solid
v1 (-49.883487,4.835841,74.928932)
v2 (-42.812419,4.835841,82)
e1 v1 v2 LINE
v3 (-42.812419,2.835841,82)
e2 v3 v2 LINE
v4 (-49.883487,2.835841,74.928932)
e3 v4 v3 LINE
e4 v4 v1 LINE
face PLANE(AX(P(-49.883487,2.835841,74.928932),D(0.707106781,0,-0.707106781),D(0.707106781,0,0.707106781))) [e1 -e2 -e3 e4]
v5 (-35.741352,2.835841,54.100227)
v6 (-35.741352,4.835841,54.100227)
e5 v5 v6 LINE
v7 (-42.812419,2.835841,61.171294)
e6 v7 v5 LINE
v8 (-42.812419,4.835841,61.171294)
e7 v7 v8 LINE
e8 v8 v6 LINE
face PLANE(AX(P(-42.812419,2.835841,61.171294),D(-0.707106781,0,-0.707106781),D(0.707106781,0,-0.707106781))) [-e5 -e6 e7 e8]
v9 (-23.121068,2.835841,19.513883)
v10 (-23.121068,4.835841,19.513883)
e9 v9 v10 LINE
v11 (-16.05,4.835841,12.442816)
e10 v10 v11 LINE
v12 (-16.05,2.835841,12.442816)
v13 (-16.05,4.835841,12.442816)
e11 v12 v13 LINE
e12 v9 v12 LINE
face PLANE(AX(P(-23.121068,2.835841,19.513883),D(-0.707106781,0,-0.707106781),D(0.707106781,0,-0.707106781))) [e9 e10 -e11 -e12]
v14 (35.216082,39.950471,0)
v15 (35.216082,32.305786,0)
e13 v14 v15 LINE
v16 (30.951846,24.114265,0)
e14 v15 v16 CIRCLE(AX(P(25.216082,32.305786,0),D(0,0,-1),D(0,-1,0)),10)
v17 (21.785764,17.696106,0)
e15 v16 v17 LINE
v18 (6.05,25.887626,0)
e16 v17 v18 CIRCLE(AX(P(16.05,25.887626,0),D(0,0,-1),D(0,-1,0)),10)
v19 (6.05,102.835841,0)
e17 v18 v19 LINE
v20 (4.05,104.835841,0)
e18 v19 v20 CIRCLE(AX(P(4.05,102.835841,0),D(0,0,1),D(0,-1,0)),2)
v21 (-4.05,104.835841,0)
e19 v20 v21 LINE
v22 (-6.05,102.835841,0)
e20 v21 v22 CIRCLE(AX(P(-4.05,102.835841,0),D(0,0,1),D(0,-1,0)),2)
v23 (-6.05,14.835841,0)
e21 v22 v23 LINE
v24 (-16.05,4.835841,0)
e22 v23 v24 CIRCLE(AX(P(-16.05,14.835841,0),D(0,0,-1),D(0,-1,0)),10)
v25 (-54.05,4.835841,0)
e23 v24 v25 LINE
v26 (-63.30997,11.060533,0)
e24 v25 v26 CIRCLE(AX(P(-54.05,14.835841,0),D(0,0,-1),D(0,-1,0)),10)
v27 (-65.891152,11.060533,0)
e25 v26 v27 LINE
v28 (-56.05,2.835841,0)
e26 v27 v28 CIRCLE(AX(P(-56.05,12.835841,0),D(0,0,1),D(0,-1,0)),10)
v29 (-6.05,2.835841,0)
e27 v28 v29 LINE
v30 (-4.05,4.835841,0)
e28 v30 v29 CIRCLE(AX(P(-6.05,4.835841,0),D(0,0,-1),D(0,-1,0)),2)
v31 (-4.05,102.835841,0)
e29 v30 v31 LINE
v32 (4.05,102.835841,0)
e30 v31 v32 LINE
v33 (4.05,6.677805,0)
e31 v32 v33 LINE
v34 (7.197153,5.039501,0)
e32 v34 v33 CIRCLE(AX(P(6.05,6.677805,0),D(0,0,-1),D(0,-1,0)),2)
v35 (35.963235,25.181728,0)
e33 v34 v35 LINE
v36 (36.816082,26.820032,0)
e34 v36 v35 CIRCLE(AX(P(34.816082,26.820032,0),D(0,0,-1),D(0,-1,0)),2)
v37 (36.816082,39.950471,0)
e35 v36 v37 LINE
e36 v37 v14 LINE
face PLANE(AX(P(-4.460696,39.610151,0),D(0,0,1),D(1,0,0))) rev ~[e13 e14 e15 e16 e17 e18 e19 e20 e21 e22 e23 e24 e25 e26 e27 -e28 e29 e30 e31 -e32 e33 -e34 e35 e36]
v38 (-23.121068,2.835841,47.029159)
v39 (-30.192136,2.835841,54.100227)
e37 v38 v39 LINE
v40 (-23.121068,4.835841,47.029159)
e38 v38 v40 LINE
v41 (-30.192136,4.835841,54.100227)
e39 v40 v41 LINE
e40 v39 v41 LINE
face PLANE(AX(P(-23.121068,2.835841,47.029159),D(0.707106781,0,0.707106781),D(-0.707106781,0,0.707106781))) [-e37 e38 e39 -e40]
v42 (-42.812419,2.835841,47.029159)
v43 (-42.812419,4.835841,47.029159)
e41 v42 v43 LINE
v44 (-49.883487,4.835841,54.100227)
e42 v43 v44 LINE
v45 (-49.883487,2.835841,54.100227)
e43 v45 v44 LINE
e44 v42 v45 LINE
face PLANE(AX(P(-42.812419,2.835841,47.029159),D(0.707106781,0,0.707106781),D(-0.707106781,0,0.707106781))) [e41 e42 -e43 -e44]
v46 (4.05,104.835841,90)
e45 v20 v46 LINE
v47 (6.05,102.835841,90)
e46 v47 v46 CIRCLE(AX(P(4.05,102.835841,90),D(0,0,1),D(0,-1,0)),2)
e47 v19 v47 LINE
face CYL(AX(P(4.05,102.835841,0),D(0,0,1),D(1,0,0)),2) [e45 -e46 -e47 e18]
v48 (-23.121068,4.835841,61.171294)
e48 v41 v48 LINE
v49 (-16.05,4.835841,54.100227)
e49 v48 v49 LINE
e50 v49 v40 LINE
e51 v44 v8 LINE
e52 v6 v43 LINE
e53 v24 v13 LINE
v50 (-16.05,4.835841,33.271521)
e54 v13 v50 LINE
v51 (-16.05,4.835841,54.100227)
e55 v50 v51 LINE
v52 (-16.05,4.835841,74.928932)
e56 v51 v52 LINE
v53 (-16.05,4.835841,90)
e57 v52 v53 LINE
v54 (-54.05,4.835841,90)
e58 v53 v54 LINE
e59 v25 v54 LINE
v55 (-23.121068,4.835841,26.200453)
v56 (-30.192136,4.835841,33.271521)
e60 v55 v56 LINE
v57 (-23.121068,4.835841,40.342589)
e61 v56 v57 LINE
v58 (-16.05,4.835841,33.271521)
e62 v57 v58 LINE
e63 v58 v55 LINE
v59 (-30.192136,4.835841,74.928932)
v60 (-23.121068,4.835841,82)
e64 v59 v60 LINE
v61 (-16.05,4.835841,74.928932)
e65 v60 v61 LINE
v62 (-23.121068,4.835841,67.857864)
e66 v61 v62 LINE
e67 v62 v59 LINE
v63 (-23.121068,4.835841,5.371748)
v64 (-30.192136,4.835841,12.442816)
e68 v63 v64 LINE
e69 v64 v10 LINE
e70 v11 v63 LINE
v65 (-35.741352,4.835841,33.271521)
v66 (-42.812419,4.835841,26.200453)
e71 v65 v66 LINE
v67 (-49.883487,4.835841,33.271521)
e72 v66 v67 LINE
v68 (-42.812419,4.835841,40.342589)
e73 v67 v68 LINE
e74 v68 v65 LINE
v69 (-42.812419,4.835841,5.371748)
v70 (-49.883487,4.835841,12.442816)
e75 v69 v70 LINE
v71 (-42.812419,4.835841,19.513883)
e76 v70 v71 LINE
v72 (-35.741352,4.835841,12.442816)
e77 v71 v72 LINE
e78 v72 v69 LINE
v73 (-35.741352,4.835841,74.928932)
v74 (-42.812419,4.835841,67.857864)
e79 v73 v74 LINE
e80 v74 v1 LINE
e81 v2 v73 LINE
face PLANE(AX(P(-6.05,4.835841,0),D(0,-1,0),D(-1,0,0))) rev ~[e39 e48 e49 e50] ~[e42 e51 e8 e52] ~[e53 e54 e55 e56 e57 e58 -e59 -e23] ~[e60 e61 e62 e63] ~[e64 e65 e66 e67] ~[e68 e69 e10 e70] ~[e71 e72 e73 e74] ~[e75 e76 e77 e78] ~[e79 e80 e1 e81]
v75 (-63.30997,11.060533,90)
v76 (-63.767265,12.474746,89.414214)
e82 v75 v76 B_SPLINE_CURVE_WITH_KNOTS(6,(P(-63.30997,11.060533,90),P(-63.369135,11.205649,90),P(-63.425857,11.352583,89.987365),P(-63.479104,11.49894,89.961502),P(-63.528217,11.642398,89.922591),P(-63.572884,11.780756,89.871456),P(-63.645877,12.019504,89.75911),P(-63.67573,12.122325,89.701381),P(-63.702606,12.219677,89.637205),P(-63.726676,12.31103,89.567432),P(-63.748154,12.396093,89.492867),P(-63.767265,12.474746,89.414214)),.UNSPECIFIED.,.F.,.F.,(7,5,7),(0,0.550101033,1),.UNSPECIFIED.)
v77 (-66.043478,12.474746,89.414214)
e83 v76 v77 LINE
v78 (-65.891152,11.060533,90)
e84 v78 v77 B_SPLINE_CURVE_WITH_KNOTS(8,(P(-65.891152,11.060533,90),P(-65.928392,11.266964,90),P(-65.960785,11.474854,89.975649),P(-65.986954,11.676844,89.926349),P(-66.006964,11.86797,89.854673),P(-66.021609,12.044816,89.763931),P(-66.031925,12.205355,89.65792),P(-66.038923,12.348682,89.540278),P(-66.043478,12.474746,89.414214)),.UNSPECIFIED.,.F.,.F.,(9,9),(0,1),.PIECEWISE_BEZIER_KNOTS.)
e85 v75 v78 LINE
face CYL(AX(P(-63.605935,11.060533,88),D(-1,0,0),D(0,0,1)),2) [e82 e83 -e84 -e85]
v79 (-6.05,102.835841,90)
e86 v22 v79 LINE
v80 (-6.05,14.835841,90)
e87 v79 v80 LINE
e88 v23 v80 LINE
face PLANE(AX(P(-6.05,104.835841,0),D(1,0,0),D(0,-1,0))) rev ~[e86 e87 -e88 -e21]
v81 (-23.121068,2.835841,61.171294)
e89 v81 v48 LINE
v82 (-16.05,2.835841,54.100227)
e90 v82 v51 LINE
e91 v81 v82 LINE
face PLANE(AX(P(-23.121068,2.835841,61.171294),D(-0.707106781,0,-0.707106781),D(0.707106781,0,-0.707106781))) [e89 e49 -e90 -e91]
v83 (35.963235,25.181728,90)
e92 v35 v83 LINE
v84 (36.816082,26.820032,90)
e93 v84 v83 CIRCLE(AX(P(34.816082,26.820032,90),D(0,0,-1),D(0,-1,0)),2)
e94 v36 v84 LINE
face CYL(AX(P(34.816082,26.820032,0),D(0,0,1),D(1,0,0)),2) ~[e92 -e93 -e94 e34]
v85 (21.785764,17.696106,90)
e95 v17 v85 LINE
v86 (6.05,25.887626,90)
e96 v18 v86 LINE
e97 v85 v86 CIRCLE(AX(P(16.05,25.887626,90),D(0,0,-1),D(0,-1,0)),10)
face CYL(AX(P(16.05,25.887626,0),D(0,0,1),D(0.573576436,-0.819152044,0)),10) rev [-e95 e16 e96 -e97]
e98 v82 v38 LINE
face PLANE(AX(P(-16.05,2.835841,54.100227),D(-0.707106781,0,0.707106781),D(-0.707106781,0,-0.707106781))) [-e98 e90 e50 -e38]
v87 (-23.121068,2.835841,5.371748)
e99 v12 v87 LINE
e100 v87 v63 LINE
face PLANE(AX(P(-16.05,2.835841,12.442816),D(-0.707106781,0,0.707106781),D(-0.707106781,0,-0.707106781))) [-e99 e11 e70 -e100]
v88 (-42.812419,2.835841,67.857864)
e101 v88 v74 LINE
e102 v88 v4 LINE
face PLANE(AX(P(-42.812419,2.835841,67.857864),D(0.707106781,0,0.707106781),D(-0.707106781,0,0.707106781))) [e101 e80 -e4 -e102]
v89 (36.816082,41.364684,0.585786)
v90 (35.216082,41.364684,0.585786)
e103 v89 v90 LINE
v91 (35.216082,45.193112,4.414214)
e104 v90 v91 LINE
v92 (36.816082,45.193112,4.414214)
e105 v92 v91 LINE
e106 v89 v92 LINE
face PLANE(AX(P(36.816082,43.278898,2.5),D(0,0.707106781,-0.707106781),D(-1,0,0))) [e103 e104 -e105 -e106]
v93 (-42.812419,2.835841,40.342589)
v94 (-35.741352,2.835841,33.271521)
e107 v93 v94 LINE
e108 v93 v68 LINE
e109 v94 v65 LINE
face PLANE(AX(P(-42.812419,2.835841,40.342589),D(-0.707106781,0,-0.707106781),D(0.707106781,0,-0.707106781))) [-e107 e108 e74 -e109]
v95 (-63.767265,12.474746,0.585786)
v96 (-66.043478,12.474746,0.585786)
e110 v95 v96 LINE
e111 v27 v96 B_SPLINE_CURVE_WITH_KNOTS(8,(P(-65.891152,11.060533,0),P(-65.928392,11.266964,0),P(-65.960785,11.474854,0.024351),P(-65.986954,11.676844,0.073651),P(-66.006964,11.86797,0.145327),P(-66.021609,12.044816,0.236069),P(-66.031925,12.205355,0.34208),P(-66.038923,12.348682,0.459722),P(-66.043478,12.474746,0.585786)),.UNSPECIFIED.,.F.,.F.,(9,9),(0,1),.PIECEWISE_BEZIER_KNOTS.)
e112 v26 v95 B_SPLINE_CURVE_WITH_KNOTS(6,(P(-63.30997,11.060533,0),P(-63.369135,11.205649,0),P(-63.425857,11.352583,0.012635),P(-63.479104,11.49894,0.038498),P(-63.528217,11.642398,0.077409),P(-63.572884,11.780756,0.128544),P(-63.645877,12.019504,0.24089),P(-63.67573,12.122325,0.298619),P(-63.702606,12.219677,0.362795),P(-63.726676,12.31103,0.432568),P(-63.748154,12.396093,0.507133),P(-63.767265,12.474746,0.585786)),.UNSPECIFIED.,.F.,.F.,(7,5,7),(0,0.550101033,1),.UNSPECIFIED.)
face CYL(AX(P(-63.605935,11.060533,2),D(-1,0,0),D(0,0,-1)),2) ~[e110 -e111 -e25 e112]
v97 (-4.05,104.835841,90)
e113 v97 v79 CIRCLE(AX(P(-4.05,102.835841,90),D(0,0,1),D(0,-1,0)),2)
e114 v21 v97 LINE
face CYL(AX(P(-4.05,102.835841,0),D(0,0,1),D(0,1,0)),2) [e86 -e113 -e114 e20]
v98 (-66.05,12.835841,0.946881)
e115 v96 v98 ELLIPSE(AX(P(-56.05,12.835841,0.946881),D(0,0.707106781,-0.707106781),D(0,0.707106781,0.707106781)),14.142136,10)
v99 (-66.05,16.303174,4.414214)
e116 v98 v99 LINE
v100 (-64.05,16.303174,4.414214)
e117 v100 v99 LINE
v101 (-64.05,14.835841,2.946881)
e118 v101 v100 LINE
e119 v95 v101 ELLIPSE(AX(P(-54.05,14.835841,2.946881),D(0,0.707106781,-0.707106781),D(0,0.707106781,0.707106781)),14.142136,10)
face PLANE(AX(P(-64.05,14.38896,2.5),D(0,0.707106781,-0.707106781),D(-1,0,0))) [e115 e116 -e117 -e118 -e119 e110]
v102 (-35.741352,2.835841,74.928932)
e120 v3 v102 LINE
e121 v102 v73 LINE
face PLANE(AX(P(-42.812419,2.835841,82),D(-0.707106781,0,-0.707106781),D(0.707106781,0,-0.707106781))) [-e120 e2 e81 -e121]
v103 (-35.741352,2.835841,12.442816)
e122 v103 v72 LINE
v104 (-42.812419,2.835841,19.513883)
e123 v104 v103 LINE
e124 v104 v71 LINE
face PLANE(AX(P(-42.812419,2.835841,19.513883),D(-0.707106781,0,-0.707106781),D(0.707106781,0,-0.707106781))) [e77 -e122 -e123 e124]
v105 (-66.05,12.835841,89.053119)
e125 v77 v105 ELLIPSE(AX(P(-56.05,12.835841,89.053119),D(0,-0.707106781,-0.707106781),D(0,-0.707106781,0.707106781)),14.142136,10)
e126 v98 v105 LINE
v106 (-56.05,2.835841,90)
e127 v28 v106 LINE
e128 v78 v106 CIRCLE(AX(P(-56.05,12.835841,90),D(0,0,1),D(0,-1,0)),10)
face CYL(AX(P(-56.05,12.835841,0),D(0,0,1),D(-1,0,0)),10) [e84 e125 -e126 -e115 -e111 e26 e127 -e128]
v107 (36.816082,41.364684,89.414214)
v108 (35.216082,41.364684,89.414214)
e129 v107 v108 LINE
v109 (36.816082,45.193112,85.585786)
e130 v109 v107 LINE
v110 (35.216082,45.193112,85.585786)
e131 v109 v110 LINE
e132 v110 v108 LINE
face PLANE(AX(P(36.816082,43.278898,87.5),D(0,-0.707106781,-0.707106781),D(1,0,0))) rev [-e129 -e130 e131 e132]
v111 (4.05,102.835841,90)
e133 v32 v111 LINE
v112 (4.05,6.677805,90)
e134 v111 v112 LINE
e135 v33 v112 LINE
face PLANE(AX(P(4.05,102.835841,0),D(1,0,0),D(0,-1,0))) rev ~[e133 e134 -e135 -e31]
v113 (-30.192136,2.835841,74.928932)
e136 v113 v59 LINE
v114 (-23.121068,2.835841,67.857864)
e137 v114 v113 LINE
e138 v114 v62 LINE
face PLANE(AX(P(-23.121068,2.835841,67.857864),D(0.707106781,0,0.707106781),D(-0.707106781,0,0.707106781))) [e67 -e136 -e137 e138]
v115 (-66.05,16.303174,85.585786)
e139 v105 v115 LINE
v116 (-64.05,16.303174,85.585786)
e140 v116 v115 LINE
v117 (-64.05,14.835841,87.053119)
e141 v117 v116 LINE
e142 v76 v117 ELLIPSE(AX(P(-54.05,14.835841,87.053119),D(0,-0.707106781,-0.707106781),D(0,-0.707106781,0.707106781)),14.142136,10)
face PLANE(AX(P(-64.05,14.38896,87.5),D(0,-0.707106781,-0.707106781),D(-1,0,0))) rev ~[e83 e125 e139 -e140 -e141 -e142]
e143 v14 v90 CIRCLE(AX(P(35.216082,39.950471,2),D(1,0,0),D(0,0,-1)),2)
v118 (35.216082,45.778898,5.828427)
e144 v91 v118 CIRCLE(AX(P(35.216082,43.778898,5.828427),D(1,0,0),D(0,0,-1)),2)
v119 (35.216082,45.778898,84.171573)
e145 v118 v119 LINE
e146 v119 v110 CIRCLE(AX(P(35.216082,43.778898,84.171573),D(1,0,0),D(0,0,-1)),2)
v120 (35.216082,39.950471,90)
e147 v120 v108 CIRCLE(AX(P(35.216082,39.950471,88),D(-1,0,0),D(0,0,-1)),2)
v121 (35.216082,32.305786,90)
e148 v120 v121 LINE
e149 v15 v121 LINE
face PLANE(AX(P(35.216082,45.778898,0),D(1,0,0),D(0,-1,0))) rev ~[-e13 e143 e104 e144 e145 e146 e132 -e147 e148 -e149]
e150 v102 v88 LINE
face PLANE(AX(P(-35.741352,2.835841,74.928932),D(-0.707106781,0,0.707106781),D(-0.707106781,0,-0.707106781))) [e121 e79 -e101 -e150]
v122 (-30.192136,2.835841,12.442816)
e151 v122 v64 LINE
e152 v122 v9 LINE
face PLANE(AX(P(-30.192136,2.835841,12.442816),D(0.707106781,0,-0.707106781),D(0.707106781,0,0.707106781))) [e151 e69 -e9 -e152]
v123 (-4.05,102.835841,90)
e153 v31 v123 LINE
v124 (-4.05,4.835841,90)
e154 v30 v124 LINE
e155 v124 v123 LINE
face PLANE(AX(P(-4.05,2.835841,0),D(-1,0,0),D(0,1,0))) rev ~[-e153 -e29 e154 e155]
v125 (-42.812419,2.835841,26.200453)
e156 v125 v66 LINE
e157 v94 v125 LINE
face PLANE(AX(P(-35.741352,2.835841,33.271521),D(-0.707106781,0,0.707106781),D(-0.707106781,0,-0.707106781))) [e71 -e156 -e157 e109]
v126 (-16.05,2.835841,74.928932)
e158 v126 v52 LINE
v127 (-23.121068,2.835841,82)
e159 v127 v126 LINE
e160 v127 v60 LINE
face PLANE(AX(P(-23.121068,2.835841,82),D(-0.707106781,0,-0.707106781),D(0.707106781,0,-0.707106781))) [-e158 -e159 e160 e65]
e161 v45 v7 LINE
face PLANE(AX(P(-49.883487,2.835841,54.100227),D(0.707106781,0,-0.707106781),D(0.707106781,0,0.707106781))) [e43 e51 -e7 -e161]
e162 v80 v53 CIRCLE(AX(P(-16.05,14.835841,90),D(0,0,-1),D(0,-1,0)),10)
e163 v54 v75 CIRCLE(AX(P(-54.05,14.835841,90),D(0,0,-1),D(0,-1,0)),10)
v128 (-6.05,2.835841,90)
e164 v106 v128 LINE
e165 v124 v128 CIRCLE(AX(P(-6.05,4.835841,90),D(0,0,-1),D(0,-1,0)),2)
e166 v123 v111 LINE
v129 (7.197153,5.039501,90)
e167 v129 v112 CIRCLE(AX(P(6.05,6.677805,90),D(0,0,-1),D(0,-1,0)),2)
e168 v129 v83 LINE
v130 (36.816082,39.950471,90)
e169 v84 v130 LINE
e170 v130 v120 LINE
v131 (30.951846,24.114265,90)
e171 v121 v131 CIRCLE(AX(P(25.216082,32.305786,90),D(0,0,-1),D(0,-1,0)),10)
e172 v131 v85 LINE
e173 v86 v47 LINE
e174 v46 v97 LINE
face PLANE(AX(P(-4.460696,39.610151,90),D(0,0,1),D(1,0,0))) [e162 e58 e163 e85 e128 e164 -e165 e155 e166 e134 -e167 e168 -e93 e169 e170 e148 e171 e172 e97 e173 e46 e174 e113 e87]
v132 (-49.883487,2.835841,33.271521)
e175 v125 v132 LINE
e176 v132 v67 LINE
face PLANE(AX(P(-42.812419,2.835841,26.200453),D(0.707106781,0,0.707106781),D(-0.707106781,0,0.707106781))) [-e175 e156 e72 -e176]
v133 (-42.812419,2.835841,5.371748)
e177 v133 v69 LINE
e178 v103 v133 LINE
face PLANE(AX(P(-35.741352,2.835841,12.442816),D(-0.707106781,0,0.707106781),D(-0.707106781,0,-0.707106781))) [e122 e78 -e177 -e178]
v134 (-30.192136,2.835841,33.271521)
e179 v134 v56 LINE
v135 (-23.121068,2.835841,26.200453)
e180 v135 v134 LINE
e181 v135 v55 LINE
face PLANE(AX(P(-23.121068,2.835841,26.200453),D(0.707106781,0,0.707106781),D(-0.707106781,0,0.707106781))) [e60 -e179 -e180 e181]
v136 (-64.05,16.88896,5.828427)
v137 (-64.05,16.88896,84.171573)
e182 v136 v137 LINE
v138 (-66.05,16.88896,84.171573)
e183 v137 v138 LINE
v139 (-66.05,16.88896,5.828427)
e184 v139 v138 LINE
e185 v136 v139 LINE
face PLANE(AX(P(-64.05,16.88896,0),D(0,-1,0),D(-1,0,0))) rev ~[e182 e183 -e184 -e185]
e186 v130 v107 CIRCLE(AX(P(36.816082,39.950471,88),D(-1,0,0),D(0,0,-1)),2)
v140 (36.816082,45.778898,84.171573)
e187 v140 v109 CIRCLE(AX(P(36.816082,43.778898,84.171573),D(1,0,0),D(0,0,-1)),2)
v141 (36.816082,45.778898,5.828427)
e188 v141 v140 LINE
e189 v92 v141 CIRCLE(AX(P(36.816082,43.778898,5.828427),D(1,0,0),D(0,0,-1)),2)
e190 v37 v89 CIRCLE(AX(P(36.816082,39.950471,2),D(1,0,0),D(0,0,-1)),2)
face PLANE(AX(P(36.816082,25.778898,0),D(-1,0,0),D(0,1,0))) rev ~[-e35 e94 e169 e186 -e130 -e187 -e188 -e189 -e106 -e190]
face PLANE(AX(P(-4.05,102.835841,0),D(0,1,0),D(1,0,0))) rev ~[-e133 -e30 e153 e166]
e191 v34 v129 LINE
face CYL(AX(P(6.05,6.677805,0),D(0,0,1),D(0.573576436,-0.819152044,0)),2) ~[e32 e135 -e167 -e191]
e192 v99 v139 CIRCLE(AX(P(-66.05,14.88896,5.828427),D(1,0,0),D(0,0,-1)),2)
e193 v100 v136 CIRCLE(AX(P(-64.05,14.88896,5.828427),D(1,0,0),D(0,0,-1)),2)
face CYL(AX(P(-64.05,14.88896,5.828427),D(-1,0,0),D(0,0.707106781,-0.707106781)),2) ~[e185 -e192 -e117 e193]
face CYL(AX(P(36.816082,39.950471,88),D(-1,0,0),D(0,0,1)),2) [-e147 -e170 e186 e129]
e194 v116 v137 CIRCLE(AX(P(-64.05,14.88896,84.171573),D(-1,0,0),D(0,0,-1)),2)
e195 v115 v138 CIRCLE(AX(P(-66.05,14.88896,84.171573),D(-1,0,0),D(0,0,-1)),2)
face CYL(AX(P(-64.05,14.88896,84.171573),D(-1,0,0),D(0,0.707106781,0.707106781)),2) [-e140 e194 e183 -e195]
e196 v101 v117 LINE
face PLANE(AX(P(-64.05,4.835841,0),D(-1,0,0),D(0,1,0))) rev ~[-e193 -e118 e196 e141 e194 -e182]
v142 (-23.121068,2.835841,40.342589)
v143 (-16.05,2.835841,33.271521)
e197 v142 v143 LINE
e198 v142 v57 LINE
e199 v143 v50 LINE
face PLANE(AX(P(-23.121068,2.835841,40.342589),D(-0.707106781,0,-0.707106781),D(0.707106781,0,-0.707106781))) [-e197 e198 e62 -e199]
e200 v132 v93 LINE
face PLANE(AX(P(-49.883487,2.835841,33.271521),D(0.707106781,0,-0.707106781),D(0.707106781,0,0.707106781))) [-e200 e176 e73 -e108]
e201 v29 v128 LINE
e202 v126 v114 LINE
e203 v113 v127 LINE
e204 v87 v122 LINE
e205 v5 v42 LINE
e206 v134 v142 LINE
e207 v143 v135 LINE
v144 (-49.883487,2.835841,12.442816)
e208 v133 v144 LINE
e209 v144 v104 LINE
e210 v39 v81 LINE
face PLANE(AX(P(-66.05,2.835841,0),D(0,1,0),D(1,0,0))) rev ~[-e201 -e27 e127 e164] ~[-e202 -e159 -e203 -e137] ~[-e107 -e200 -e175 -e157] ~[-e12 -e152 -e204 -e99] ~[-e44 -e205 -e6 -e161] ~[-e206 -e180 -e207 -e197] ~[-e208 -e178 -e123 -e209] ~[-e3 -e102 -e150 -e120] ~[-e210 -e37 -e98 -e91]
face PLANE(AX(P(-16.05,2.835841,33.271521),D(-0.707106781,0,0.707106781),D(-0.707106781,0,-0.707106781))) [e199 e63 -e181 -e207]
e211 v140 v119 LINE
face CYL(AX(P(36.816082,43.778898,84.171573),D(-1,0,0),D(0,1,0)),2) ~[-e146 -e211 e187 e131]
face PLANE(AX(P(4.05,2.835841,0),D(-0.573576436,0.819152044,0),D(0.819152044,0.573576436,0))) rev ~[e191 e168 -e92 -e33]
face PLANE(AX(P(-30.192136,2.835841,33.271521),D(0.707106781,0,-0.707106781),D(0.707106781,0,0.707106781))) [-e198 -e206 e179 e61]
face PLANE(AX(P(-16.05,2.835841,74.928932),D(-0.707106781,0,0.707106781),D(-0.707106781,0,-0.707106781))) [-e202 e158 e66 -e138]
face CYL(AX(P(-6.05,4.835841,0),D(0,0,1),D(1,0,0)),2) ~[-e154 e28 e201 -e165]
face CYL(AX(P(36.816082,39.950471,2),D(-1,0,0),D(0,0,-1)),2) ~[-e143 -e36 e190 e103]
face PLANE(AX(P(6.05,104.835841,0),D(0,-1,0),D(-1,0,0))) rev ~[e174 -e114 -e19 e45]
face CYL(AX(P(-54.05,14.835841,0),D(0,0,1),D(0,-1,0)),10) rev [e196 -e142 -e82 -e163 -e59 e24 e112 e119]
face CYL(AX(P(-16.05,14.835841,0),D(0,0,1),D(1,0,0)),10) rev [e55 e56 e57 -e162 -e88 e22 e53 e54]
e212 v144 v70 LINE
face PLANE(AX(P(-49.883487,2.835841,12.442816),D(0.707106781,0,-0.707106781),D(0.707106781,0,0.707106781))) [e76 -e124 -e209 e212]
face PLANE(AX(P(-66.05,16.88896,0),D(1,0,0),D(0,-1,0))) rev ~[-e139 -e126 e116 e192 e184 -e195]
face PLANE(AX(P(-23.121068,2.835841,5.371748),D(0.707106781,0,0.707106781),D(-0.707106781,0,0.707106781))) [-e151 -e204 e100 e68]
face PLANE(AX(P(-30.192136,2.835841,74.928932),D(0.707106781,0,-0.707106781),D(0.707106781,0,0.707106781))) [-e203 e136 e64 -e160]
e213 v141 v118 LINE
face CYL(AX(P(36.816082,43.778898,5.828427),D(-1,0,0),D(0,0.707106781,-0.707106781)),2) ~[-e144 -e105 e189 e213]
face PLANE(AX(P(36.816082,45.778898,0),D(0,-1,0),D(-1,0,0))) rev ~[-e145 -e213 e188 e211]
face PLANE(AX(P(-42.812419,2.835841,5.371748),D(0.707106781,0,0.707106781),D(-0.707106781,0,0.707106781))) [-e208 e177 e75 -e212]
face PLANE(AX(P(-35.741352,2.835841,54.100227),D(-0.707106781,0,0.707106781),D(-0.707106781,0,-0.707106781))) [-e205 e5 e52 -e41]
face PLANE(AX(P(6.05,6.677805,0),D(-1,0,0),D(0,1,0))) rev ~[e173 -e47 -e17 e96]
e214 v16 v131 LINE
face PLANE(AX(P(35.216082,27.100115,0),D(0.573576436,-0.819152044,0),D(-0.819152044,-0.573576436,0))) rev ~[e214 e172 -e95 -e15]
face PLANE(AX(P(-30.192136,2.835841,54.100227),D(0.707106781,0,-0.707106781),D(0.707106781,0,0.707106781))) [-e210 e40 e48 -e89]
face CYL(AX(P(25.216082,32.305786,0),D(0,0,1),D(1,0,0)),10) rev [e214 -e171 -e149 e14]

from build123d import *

# Parameters (mm, degrees)
BOSS_EXTRU_1_DEPTH              = 90
CONG_1_R                        = 10
CHANFREIN1_SIZE                 = 5
CONG_2_R                        = 2
ENL_V_MAT_EXTRU_1_DEPTH         = 2
R_P_TITION_LIN_AIRE1_COUNT      = 4
R_P_TITION_LIN_AIRE1_PITCH      = 20.828705533
R_P_TITION_LIN_AIRE1_COUNT_DIR2 = 2
R_P_TITION_LIN_AIRE1_PITCH_DIR2 = 19.691351592


with BuildPart() as part:
    # Esquisse1 → Boss.-Extru.1 (new body)
    with BuildSketch(Plane.XY):
        Polygon((-4.05, 2.83584053), (-4.05, 102.83584053), (4.05, 102.83584053), (4.05, 2.83584053), (36.816081772, 25.778897984), (36.816081772, 45.778897984), (35.216081772, 45.778897984), (35.216081772, 27.1001151), (6.05, 6.677804784), (6.05, 104.83584053), (-6.05, 104.83584053), (-6.05, 4.83584053), (-64.05, 4.83584053), (-64.05, 16.888959942), (-66.05, 16.888959942), (-66.05, 2.83584053), (-6.05, 2.83584053), align=None)
    extrude(amount=BOSS_EXTRU_1_DEPTH)

    # Congé1
    cong_1_edges = [part.edges().sort_by_distance(p)[0] for p in [
        (-66.05, 2.83584053, 45),
        (-64.05, 4.83584053, 45),
        (-6.05, 4.83584053, 45),
        (6.05, 6.677804784, 45),
        (35.216081772, 27.1001151, 45),
    ]]
    fillet(cong_1_edges, radius=CONG_1_R)

    # Chanfrein1
    chanfrein1_edges = [part.edges().sort_by_distance(p)[0] for p in [
        (36.016081772, 45.778897984, 0),
        (36.016081772, 45.778897984, 90),
        (-65.05, 16.888959942, 0),
        (-65.05, 16.888959942, 90),
    ]]
    chamfer(chanfrein1_edges, length=CHANFREIN1_SIZE)

    # Congé2
    cong_2_edges = [part.edges().sort_by_distance(p)[0] for p in [
        (36.816081772, 25.778897984, 45),
        (4.05, 2.83584053, 45),
        (36.016081772, 40.778897984, 90),
        (36.016081772, 40.778897984, 0),
        (36.016081772, 45.778897984, 5),
        (36.016081772, 45.778897984, 85),
        (-64.805502489, 11.888959942, 90),
        (-65.05, 16.888959942, 85),
        (-64.805502489, 11.888959942, 0),
        (-65.05, 16.888959942, 5),
        (6.05, 104.83584053, 45),
        (-6.05, 104.83584053, 45),
        (-4.05, 2.83584053, 45),
    ]]
    fillet(cong_2_edges, radius=CONG_2_R)

    # Esquisse2 → Enlèv. mat.-Extru.1 (cut)
    with BuildSketch(Plane.XZ.offset(-2.83584053)):
        Polygon((-49.883487215, 12.442815588), (-42.812419404, 19.5138834), (-35.741351592, 12.442815588), (-42.812419404, 5.371747776), align=None)
    enl_v_mat_extru_1 = extrude(amount=-ENL_V_MAT_EXTRU_1_DEPTH, mode=Mode.SUBTRACT)

    # Répétition linéaire1: Enl_v. mat.-Extru.1 4 × 2
    with Locations(*[(j * R_P_TITION_LIN_AIRE1_PITCH_DIR2, 0, i * R_P_TITION_LIN_AIRE1_PITCH) for i in range(R_P_TITION_LIN_AIRE1_COUNT) for j in range(R_P_TITION_LIN_AIRE1_COUNT_DIR2) if (i, j) != (0, 0)]):
        add(enl_v_mat_extru_1, mode=Mode.SUBTRACT)


solid = part.part
